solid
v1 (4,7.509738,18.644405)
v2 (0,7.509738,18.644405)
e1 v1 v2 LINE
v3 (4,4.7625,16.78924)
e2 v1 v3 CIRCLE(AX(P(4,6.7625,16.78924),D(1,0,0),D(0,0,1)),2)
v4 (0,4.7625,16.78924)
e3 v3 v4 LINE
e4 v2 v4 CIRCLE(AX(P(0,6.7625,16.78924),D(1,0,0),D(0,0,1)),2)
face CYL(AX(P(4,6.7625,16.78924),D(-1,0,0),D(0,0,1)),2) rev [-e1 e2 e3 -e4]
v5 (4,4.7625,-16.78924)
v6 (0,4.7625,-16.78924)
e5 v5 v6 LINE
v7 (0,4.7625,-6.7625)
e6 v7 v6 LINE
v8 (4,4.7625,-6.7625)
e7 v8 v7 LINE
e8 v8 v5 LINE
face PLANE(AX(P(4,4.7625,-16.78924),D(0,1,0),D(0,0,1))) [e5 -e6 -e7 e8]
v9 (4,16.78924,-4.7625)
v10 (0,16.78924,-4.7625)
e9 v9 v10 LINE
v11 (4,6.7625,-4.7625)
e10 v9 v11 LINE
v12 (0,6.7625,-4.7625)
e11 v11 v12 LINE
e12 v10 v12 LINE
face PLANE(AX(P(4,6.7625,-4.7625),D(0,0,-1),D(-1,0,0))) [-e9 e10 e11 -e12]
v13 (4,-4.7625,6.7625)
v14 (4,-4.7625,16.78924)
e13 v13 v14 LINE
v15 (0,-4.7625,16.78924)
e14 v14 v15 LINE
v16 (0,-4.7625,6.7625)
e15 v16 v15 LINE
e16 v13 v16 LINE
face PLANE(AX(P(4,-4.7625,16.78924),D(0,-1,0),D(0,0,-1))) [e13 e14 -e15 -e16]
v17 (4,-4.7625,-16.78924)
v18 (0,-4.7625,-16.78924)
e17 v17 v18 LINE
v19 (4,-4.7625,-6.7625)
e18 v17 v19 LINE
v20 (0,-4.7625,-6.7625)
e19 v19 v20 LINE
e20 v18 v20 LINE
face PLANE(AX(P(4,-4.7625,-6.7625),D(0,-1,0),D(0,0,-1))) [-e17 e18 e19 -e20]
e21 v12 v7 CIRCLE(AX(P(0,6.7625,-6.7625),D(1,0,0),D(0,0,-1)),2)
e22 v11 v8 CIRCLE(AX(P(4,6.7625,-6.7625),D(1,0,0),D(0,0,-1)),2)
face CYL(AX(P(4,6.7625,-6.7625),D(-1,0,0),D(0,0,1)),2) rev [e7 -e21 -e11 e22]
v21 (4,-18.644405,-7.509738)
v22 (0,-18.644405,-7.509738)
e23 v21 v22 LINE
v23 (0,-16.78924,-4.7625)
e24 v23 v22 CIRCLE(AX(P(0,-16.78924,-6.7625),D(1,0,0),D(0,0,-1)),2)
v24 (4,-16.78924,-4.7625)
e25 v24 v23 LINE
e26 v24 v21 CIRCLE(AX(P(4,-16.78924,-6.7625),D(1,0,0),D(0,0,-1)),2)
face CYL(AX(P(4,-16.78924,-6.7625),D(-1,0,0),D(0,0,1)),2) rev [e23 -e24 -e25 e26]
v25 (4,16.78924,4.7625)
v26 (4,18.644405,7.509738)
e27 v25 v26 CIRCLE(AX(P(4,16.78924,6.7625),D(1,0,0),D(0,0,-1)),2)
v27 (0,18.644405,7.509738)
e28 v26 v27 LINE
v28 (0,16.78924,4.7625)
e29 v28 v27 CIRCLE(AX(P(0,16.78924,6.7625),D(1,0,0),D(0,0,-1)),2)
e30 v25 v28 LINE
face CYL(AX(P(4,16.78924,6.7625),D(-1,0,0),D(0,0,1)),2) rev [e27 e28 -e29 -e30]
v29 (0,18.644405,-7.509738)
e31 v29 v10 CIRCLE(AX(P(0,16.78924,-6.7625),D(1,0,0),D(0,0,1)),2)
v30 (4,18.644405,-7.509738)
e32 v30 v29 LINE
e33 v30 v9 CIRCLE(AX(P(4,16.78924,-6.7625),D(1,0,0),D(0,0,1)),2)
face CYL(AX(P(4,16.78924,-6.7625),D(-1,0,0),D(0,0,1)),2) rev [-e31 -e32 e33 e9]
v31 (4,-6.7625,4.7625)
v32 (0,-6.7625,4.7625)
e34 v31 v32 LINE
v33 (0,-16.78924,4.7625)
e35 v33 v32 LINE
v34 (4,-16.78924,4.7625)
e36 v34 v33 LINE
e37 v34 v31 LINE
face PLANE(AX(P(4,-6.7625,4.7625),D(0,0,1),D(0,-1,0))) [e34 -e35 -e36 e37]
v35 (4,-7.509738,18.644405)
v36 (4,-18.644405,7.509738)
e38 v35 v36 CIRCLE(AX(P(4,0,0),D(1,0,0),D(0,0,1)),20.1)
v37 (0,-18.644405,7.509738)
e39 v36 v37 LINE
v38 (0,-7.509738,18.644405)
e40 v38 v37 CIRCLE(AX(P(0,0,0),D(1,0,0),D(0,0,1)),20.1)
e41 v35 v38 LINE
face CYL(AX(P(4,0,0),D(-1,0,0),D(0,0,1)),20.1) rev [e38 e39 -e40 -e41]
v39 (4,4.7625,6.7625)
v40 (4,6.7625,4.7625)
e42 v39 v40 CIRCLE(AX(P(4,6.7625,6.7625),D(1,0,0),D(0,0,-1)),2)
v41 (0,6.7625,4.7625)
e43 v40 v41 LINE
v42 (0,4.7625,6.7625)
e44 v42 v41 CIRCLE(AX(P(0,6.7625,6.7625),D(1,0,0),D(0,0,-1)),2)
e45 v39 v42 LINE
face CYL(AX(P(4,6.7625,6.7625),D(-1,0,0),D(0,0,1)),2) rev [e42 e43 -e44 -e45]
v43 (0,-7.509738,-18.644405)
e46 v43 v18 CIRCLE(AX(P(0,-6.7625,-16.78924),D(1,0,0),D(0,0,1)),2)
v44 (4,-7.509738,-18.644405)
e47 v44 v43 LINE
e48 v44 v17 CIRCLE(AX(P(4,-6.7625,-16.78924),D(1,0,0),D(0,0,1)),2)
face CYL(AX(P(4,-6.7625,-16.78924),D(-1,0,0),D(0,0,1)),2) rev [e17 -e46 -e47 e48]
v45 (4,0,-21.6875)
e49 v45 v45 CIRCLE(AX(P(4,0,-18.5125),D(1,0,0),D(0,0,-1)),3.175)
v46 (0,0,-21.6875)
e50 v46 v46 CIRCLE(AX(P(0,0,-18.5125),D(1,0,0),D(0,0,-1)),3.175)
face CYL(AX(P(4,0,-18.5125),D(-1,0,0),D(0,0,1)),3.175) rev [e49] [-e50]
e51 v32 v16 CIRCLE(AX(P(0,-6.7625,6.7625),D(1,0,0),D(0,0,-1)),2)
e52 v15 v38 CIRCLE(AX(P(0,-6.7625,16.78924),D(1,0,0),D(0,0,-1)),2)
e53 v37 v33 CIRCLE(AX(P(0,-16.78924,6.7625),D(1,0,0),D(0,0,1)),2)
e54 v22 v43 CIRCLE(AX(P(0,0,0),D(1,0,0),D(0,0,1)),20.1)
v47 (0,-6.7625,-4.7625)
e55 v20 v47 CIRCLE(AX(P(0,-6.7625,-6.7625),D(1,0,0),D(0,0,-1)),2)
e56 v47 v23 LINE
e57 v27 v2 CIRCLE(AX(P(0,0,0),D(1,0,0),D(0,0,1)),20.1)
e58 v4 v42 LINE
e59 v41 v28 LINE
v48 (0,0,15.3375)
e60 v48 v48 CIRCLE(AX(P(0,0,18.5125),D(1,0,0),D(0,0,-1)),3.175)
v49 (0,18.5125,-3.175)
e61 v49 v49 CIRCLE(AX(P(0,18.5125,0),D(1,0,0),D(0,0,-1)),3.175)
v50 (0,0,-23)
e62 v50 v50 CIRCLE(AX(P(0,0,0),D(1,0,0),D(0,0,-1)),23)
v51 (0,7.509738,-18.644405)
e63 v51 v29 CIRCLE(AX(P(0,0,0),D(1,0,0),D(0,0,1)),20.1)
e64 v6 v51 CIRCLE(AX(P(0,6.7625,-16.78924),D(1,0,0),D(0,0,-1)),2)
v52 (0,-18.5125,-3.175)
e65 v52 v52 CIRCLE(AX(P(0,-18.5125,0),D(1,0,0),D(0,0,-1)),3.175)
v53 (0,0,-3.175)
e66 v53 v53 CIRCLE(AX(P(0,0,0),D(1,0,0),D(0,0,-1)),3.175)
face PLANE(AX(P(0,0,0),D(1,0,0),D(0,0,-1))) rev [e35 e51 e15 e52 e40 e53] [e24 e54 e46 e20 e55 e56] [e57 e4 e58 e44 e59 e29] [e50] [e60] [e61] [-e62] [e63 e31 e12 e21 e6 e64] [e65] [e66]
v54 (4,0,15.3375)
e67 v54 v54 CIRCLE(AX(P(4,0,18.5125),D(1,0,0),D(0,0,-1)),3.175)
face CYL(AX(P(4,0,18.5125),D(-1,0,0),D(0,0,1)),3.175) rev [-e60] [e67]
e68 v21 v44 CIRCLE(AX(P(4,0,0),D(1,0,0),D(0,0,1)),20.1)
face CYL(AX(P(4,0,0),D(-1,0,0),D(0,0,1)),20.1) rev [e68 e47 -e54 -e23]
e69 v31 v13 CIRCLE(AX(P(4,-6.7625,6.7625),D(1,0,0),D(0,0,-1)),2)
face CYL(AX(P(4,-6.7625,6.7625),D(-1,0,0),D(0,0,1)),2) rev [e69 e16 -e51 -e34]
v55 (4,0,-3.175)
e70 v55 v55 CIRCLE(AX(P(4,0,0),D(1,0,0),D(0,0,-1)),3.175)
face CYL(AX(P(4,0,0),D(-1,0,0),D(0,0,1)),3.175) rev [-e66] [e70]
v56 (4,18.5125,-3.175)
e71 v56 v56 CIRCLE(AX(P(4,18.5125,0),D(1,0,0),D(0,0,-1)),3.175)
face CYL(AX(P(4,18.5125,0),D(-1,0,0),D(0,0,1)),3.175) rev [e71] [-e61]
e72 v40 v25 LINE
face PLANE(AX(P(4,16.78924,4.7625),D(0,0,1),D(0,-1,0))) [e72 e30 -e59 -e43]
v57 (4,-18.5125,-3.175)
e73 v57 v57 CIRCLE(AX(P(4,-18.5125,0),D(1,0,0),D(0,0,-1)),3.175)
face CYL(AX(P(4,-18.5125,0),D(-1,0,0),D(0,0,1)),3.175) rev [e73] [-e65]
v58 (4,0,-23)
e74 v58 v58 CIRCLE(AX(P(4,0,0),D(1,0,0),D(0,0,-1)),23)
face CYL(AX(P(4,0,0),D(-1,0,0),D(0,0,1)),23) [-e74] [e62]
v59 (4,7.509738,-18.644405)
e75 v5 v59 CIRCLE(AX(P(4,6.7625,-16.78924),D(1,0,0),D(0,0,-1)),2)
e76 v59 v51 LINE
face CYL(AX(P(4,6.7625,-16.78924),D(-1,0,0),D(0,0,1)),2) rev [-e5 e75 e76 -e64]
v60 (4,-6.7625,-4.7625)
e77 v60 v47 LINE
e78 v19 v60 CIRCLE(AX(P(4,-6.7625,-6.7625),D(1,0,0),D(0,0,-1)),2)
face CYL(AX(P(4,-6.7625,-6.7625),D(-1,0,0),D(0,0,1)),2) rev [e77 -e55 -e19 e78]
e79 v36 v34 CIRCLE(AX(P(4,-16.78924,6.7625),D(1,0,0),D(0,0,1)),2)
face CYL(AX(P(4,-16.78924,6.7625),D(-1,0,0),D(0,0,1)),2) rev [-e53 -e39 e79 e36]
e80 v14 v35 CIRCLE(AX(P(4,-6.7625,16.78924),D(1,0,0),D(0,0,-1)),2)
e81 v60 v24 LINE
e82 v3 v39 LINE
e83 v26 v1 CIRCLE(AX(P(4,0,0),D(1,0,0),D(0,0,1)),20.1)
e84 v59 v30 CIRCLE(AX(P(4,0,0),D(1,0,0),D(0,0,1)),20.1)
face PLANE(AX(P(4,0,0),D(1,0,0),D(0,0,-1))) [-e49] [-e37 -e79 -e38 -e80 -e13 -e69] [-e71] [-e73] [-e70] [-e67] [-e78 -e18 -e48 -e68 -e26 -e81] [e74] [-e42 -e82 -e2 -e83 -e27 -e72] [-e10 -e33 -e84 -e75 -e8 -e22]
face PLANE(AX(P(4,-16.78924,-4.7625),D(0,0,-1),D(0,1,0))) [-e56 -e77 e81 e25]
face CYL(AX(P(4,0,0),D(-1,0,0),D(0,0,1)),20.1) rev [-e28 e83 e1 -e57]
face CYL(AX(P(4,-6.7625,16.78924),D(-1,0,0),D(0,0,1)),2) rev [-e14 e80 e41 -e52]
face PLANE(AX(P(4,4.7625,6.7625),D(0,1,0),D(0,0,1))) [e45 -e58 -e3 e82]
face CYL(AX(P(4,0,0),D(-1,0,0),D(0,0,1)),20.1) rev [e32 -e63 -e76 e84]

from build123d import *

# Parameters (mm, degrees)
SKETCH1_R           = 23
SKETCH1_R_2         = 3.175
BOSS_EXTRUDE1_DEPTH = 4


with BuildPart() as part:
    # Sketch1 → Boss-Extrude1 (new body)
    with BuildSketch(Plane(origin=(0, 0, 0), x_dir=(0, 0, -1), z_dir=(1, 0, 0))):
        Circle(SKETCH1_R)
        Circle(SKETCH1_R_2, mode=Mode.SUBTRACT)
        with Locations((0, 18.5125)):
            Circle(SKETCH1_R_2, mode=Mode.SUBTRACT)
        with Locations((-18.5125, 0)):
            Circle(SKETCH1_R_2, mode=Mode.SUBTRACT)
        with Locations((0, -18.5125)):
            Circle(SKETCH1_R_2, mode=Mode.SUBTRACT)
        with Locations((18.5125, 0)):
            Circle(SKETCH1_R_2, mode=Mode.SUBTRACT)
        with BuildLine():
            Line((4.7625, 6.7625), (4.7625, 16.789240416))
            ThreePointArc((4.7625, 16.789240416), (5.643231296, 18.446719698), (7.509737569, 18.644405103))
            ThreePointArc((7.509737569, 18.644405103), (14.212846302, 14.212846302), (18.644405103, 7.509737569))
            ThreePointArc((18.644405103, 7.509737569), (18.446719698, 5.643231296), (16.789240416, 4.7625))
            Line((16.789240416, 4.7625), (6.7625, 4.7625))
            ThreePointArc((6.7625, 4.7625), (5.348286438, 5.348286438), (4.7625, 6.7625))
        make_face(mode=Mode.SUBTRACT)
        with BuildLine():
            Line((6.7625, -4.7625), (16.789240416, -4.7625))
            ThreePointArc((16.789240416, -4.7625), (18.446719698, -5.643231296), (18.644405103, -7.509737569))
            ThreePointArc((18.644405103, -7.509737569), (14.212846302, -14.212846302), (7.509737569, -18.644405103))
            ThreePointArc((7.509737569, -18.644405103), (5.643231296, -18.446719698), (4.7625, -16.789240416))
            Line((4.7625, -16.789240416), (4.7625, -6.7625))
            ThreePointArc((4.7625, -6.7625), (5.348286438, -5.348286438), (6.7625, -4.7625))
        make_face(mode=Mode.SUBTRACT)
        with BuildLine():
            Line((-4.7625, -6.7625), (-4.7625, -16.789240416))
            ThreePointArc((-4.7625, -16.789240416), (-5.643231296, -18.446719698), (-7.509737569, -18.644405103))
            ThreePointArc((-7.509737569, -18.644405103), (-14.212846302, -14.212846302), (-18.644405103, -7.509737569))
            ThreePointArc((-18.644405103, -7.509737569), (-18.446719698, -5.643231296), (-16.789240416, -4.7625))
            Line((-16.789240416, -4.7625), (-6.7625, -4.7625))
            ThreePointArc((-6.7625, -4.7625), (-5.348286438, -5.348286438), (-4.7625, -6.7625))
        make_face(mode=Mode.SUBTRACT)
        with BuildLine():
            Line((-6.7625, 4.7625), (-16.789240416, 4.7625))
            ThreePointArc((-16.789240416, 4.7625), (-18.446719698, 5.643231296), (-18.644405103, 7.509737569))
            ThreePointArc((-18.644405103, 7.509737569), (-14.212846302, 14.212846302), (-7.509737569, 18.644405103))
            ThreePointArc((-7.509737569, 18.644405103), (-5.643231296, 18.446719698), (-4.7625, 16.789240416))
            Line((-4.7625, 16.789240416), (-4.7625, 6.7625))
            ThreePointArc((-4.7625, 6.7625), (-5.348286438, 5.348286438), (-6.7625, 4.7625))
        make_face(mode=Mode.SUBTRACT)
    extrude(amount=BOSS_EXTRUDE1_DEPTH)


solid = part.part
